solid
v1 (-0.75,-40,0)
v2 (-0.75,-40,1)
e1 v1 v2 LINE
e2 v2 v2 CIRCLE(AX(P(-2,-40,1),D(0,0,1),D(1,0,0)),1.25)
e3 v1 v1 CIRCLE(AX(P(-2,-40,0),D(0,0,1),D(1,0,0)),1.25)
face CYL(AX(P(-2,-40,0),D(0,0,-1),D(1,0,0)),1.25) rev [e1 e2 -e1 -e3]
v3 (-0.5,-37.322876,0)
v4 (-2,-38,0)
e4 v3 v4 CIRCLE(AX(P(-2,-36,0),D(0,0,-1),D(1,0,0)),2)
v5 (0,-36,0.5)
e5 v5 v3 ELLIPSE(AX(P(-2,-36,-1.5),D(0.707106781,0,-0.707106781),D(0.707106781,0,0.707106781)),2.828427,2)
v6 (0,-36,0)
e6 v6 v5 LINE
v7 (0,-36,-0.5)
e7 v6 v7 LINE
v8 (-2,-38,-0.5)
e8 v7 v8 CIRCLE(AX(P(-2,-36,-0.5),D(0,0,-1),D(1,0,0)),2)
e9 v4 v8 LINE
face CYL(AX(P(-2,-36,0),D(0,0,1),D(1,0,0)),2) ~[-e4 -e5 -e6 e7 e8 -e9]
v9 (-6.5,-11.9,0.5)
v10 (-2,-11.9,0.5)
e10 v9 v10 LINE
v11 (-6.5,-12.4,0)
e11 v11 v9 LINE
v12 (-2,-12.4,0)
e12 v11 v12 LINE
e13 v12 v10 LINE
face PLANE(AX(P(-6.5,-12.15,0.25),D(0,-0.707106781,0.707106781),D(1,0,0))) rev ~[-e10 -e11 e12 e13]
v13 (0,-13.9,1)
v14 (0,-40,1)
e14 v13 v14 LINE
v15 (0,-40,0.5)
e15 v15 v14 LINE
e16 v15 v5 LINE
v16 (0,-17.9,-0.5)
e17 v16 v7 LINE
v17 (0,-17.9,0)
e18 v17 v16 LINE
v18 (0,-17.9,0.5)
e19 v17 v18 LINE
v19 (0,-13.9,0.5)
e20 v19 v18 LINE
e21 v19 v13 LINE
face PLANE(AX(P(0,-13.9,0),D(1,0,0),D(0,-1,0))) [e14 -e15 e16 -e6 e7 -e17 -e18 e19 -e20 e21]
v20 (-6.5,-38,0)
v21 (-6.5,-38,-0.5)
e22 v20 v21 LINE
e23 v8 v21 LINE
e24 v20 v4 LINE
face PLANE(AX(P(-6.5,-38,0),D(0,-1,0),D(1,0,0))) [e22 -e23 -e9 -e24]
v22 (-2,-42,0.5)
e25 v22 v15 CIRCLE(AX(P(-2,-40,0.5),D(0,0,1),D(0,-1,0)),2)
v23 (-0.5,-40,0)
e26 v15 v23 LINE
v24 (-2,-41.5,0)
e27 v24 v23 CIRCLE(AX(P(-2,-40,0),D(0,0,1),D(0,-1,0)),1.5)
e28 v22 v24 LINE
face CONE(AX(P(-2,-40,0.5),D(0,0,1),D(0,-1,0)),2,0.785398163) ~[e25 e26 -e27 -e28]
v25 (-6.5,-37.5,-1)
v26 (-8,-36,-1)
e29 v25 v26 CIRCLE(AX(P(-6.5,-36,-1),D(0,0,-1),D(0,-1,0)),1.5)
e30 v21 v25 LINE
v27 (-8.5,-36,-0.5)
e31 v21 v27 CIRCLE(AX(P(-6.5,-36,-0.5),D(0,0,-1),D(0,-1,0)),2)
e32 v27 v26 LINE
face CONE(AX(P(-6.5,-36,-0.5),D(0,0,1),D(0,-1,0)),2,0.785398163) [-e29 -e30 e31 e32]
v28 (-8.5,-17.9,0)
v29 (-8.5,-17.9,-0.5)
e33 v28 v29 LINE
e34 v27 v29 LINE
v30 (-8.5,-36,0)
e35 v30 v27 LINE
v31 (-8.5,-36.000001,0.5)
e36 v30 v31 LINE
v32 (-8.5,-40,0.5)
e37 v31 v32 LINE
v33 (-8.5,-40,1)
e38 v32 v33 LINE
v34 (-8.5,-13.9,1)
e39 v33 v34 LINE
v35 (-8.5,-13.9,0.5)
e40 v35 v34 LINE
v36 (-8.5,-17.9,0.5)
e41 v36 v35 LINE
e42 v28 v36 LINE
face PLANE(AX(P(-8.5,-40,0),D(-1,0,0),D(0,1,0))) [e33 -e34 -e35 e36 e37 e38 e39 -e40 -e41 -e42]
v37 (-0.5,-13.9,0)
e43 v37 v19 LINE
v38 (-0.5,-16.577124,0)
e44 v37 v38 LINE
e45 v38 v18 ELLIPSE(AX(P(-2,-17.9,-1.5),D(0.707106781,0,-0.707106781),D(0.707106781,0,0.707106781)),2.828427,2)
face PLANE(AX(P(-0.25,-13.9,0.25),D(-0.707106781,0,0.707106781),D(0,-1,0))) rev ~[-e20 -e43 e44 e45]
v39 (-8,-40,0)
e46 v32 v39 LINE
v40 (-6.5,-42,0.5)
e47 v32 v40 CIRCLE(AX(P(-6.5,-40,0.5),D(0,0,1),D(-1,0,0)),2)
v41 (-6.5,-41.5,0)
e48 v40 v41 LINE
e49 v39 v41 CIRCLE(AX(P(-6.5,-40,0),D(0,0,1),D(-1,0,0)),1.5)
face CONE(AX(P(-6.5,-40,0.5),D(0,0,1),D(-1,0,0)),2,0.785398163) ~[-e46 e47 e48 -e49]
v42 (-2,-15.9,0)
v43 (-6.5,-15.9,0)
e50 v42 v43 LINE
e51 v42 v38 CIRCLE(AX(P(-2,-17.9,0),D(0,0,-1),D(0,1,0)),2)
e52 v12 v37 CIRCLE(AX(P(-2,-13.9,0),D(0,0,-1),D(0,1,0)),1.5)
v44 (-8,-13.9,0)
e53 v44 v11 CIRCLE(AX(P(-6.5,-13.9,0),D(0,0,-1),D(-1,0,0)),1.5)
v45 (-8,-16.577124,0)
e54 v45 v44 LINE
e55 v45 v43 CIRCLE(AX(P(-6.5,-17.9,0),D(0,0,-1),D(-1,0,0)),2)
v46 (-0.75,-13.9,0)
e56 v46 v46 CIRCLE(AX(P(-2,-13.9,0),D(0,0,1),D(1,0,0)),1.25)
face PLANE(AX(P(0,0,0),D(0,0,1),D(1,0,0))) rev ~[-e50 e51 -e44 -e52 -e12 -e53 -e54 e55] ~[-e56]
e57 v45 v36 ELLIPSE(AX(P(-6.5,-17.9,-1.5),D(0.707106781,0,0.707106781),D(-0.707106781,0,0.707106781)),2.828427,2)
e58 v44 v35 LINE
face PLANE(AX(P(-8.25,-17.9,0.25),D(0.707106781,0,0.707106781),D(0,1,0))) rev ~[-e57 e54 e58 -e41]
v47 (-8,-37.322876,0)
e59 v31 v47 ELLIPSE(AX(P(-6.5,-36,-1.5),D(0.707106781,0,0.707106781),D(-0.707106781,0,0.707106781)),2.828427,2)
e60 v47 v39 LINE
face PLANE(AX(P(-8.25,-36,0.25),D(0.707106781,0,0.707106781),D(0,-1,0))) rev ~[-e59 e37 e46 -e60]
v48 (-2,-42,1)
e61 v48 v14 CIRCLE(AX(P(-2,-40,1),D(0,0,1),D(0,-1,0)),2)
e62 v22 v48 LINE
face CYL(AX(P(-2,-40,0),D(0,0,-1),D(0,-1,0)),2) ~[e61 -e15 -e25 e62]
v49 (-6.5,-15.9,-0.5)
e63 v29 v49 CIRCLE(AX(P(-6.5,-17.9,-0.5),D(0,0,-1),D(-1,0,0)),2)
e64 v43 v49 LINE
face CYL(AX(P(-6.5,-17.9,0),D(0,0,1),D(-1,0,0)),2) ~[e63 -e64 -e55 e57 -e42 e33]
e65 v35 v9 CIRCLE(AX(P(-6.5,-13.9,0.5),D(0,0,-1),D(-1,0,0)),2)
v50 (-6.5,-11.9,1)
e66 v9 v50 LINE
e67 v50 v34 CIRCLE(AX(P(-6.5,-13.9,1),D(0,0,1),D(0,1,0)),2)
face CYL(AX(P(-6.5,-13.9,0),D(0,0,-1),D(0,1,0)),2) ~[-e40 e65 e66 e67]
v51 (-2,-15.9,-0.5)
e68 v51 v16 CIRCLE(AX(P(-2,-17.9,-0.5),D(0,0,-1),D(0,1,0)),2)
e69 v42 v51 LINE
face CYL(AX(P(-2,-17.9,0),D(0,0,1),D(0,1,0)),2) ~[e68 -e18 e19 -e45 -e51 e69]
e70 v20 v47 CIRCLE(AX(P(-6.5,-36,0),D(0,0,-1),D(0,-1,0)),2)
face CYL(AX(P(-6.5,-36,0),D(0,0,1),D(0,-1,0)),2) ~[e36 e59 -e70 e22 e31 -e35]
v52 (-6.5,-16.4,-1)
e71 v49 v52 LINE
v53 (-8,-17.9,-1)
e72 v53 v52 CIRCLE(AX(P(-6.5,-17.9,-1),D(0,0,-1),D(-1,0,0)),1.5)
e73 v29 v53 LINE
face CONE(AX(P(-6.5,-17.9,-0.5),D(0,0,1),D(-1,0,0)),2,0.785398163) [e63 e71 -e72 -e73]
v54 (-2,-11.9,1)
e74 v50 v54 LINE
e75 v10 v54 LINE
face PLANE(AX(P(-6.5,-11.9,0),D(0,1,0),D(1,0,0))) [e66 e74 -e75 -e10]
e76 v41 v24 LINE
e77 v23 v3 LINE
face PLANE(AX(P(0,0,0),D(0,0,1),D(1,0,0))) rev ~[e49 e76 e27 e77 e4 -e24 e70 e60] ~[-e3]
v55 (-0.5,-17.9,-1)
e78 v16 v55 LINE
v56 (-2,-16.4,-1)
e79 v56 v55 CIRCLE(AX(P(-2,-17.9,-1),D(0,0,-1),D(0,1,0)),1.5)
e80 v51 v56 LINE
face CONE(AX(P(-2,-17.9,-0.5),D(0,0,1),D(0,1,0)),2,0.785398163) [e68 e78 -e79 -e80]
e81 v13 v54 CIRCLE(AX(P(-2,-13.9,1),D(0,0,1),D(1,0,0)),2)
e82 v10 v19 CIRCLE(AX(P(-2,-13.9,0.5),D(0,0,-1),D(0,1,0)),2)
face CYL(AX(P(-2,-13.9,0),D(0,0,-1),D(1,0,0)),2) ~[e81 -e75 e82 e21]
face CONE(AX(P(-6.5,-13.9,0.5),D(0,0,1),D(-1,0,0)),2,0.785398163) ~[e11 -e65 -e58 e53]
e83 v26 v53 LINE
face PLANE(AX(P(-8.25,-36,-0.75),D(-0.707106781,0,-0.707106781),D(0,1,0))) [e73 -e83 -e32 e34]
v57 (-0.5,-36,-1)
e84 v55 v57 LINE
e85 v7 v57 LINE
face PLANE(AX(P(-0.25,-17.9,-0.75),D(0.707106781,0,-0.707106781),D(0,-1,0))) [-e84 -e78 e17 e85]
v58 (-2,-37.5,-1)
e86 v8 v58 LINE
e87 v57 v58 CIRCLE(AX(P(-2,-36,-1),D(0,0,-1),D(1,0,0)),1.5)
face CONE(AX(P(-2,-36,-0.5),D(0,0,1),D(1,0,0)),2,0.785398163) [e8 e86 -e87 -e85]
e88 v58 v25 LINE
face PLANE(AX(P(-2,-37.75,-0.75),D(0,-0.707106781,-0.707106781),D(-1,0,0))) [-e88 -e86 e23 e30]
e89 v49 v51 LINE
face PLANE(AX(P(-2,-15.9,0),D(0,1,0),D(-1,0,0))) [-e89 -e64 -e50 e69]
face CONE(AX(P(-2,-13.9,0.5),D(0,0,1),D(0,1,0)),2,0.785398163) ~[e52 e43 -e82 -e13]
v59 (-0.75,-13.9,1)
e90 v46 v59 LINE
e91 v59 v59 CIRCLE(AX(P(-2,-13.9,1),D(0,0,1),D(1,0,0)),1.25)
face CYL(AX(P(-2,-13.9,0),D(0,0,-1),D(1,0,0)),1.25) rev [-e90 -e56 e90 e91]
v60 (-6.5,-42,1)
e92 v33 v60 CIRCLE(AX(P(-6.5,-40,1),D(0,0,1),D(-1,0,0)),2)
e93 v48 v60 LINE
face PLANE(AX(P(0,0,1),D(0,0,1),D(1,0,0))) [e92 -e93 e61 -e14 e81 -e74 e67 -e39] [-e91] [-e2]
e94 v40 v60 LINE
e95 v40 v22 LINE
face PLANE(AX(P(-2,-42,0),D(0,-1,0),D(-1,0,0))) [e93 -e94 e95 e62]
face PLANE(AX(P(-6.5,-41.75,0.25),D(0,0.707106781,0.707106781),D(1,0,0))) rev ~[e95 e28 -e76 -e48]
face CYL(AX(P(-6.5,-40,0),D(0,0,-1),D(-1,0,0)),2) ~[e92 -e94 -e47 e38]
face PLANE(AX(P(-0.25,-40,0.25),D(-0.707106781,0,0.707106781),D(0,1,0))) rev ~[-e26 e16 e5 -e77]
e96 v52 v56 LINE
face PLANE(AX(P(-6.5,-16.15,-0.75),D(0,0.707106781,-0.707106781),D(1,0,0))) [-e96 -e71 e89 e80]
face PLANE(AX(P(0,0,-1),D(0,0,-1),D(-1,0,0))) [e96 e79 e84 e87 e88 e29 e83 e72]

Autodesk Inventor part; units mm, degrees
ref_plane "YZ Plane" through (0, 0, 0) normal (1, 0, 0) x (0, 1, 0)
ref_plane "XZ Plane" through (0, 0, 0) normal (0, 1, 0) x (-1, 0, 0)
ref_plane "XY Plane" through (0, 0, 0) normal (0, 0, 1) x (1, 0, 0)
sketch "Sketch1" plane through (0, 0, 0) normal (0, 0, 1) x (1, 0, 0)
  line L0 (-10.4863, 511.0554) -> (-10.4863, 506.5554) construction
  line L1 (-10.4863, 511.0554) -> (-10.4863, 506.5554) construction
  line L2 (-10.4863, 506.5554) -> (-10.4863, 513.0554) construction
  line L3 (-10.4863, 504.5554) -> (-10.4863, 511.0554) construction
  line L4 (-6.5, -11.9) -> (-2, -11.9)
  line L5 (0, -13.9) -> (0, -40)
  line L6 (-2, -42) -> (-6.5, -42)
  line L7 (-8.5, -40) -> (-8.5, -13.9)
  arc A0 (-6.5, -11.9) -> (-8.5, -13.9) centre (-6.5, -13.9) ccw
  arc A1 (0, -13.9) -> (-2, -11.9) centre (-2, -13.9) ccw
  arc A2 (-2, -42) -> (0, -40) centre (-2, -40) ccw
  arc A3 (-8.5, -40) -> (-6.5, -42) centre (-6.5, -40) ccw
  circle A4 centre (-2, -13.9) radius 1.25
  circle A5 centre (-2, -40) radius 1.25
  line L8 (-10.4863, 509.8054) -> (-10.4863, 512.3054) projected
  line L9 (-10.4863, 506.5554) -> (-10.4863, 506.5554) projected
  line L10 (-10.4863, 511.0554) -> (-10.4863, 513.0554) projected
  line L11 (-10.4863, 511.0554) -> (-10.4863, 511.0554) projected
  line L12 (-10.4863, 504.5554) -> (-10.4863, 506.5554) projected
  line L13 (-10.4863, 506.5554) -> (-10.4863, 504.5554) projected
  line L14 (-10.4863, 506.5554) -> (-10.4863, 506.5554) projected
  line L15 (-10.4863, 513.0554) -> (-10.4863, 511.0554) projected
  line L16 (-10.4863, 511.0554) -> (-10.4863, 511.0554) projected
  line L17 (-10.4863, 509.8054) -> (-10.4863, 512.3054) projected
  point P0 (0, 0)
  dimension "d0" = 2
extrude "Extrusion1" add sketch "Sketch1" along normal blind 1
sketch "Sketch2" plane through (0, 0, 0) normal (0, 0, -1) x (-1, 0, 0)
  line L0 (8.5, -13.9) -> (8.5, -40) projected
  line L1 (2, -11.9) -> (6.5, -11.9) projected
  line L2 (0, -40) -> (0, -13.9) projected
  line L3 (6.5, -42) -> (2, -42) projected
  line L4 (2, -15.9) -> (6.5, -15.9)
  line L5 (8.5, -17.9) -> (8.5, -36)
  line L6 (6.5, -38) -> (2, -38)
  line L7 (0, -36) -> (0, -17.9)
  arc A0 (2, -15.9) -> (0, -17.9) centre (2, -17.9) ccw
  arc A1 (8.5, -17.9) -> (6.5, -15.9) centre (6.5, -17.9) ccw
  arc A2 (6.5, -38) -> (8.5, -36) centre (6.5, -36) ccw
  arc A3 (0, -36) -> (2, -38) centre (2, -36) ccw
  point P0 (0, 0)
  point P1 (0, -15.9)
  point P2 (8.5, -38)
  dimension "d3" = 2
  dimension "d4" = 4
  dimension "d5" = 4
extrude "Extrusion2" add sketch "Sketch2" along normal blind 1
chamfer "Chamfer1" distance 0.5 angle 45 18 edges at (-0.5858, -16.4858, -1) (0, -26.95, -1) (-0.5858, -37.4142, -1) (-4.25, -38, -1) (-7.9142, -37.4142, -1) (-8.5, -26.95, -1) (-7.9142, -16.4858, -1) (-4.25, -15.9, -1) (0, -15.9, 0) (-0.5858, -12.4858, 0) (-4.25, -11.9, 0) (-7.9142, -12.4858, 0) (-8.5, -15.9, 0) (-0.5858, -41.4142, 0) (0, -38, 0) (-4.25, -42, 0) (-7.9142, -41.4142, 0) (-8.5, -38, 0)
properties part number "IO-Shield-Topplate01"
